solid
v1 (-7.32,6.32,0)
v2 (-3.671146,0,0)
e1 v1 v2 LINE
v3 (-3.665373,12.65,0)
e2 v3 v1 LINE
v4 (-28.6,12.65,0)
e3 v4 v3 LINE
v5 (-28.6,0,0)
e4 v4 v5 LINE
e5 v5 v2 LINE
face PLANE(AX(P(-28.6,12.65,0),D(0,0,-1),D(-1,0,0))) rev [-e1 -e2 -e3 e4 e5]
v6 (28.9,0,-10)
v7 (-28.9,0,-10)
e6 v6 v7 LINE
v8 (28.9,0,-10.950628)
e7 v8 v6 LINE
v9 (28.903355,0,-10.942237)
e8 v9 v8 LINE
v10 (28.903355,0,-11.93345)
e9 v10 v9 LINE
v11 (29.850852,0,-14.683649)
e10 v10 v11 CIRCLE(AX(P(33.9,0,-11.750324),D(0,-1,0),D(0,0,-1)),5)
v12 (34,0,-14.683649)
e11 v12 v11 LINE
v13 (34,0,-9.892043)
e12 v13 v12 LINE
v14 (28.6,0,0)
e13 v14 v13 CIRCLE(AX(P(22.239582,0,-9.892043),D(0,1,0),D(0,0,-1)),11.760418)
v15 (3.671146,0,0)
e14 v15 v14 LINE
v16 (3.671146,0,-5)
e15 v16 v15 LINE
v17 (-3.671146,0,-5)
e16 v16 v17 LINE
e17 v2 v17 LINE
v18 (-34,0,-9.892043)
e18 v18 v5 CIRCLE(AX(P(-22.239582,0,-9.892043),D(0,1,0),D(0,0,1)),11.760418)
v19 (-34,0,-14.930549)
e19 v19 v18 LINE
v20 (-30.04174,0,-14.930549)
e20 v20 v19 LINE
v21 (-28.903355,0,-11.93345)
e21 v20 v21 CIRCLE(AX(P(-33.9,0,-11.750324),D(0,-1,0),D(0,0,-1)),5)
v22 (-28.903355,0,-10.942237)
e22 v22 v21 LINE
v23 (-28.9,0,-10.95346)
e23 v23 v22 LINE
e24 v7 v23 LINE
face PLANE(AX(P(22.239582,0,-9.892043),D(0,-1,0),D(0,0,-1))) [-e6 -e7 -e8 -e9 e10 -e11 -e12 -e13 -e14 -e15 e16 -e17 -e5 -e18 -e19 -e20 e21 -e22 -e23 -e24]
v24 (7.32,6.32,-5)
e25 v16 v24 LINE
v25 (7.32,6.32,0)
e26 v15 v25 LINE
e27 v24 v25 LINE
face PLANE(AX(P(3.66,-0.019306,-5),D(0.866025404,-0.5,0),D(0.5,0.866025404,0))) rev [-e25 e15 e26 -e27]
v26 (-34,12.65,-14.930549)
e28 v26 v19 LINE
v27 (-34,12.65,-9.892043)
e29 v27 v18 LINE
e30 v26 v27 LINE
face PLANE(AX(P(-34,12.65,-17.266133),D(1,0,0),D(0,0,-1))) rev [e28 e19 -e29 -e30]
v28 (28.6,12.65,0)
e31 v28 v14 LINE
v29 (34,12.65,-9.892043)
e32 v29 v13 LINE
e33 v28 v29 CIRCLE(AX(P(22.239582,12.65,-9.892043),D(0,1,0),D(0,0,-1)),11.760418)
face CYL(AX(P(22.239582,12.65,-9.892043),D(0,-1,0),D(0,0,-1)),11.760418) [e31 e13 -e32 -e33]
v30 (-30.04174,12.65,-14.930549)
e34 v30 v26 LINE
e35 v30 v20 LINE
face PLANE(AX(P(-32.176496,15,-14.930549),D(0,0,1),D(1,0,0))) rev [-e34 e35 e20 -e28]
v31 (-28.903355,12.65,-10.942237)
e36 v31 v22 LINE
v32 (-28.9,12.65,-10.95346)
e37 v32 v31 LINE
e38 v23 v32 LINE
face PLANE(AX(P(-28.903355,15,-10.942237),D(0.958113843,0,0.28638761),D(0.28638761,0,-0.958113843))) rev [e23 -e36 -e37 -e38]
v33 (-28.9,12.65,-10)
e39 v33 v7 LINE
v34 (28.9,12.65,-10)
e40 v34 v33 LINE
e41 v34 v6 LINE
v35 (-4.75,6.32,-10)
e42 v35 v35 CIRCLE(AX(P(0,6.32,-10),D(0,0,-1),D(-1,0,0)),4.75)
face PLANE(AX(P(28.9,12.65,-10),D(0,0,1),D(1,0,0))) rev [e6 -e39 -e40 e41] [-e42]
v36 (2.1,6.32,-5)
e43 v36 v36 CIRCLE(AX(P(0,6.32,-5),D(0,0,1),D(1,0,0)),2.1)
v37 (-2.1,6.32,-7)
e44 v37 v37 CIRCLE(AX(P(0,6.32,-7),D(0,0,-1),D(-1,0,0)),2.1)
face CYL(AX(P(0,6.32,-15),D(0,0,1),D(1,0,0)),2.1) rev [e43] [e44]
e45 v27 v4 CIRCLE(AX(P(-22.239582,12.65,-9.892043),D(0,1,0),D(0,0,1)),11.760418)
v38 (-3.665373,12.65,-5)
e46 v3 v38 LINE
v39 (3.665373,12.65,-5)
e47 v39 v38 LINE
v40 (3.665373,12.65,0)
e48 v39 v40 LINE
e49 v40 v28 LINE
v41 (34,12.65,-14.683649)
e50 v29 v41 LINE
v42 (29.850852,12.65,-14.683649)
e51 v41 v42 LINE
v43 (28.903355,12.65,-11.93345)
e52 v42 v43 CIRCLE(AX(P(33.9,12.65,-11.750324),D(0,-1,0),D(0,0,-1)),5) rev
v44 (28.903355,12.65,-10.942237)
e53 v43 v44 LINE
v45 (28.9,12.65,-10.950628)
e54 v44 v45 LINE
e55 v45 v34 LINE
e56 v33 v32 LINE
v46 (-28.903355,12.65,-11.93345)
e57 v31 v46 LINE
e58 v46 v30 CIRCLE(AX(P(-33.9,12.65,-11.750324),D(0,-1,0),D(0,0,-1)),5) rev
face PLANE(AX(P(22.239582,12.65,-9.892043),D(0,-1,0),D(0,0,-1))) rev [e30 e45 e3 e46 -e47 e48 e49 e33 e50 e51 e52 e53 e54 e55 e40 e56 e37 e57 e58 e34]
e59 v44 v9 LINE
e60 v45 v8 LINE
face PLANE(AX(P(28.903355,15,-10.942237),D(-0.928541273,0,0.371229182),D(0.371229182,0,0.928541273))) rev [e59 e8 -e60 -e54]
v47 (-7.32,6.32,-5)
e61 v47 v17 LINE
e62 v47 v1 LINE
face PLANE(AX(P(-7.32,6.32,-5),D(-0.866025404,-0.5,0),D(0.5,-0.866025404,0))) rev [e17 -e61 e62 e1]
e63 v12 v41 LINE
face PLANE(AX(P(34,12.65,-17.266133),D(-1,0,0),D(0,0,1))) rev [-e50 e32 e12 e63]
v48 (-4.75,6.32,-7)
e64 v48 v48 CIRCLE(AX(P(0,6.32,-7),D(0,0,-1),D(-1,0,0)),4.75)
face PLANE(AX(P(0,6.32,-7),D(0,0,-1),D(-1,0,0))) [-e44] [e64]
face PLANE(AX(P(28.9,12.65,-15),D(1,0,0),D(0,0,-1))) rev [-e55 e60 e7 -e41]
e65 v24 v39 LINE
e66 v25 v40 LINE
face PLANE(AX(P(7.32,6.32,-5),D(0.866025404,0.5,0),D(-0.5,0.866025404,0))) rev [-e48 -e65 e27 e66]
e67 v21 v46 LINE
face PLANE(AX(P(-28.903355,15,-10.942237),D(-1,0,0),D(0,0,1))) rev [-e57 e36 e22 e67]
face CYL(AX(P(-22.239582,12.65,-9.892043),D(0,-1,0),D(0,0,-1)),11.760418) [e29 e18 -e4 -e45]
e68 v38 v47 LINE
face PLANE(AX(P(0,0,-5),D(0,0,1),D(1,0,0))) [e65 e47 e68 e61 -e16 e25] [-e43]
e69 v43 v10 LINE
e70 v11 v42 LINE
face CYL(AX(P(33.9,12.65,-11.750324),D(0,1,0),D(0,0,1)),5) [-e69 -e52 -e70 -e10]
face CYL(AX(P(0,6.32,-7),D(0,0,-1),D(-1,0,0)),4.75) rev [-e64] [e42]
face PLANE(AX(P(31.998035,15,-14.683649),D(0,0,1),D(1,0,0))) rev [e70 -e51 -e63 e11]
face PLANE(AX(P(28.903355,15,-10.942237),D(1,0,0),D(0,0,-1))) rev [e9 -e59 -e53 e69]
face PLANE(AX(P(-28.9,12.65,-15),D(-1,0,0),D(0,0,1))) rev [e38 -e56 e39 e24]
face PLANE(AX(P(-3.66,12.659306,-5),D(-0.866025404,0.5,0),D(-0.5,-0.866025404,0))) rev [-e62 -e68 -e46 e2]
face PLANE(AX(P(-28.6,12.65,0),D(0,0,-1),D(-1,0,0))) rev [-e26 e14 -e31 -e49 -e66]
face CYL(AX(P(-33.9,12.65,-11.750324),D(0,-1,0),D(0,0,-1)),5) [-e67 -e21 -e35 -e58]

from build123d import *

# Parameters (mm, degrees)
EXTRUDE_1_DEPTH     = 12.65
CUT_EXTRUDE_1_DEPTH = 5
SKETCH_3_R          = 4.75
CUT_EXTRUDE_2_DEPTH = 3
SKETCH_6_R          = 2.1
CUT_EXTRUDE_5_DEPTH = 10
FILLET_3_R          = 5
FILLET_4_R          = 5
FILLET_6_R          = 1
FILLET_7_R          = 1
CUT_EXTRUDE_6_DEPTH = 15


with BuildPart() as part:
    # 草图1 → 凸台-拉伸1 (new body)
    with BuildSketch(Plane(origin=(0, 0, 0), x_dir=(1, 0, 0), z_dir=(0, 1, 0))):
        with BuildLine():
            Line((-28.6, 0), (28.6, 0))
            ThreePointArc((28.6, 0), (32.562096374, 4.25705164), (34, 9.892043165))
            Line((34, 9.892043165), (34, 17.266133288))
            Line((34, 17.266133288), (28.9, 15))
            Line((28.9, 15), (28.9, 10))
            Line((28.9, 10), (-28.9, 10))
            Line((-28.9, 10), (-28.9, 15))
            Line((-28.9, 15), (-34, 17.266133288))
            Line((-34, 17.266133288), (-34, 9.892043165))
            ThreePointArc((-34, 9.892043165), (-32.562096374, 4.25705164), (-28.6, 0))
        make_face()
    extrude(amount=EXTRUDE_1_DEPTH)

    # 草图2 → 切除-拉伸1 (cut)
    with BuildSketch(Plane.XY):
        Polygon((-7.32, 6.32), (-3.66, -0.019305956), (3.66, -0.019305956), (7.32, 6.32), (3.66, 12.659305956), (-3.66, 12.659305956), align=None)
    extrude(amount=-CUT_EXTRUDE_1_DEPTH, mode=Mode.SUBTRACT)

    # 草图3 → 切除-拉伸2 (cut)
    with BuildSketch(Plane(origin=(0, 0, -10), x_dir=(-1, 0, 0), z_dir=(0, 0, -1))):
        with Locations((0, 6.32)):
            Circle(SKETCH_3_R)
    extrude(amount=-CUT_EXTRUDE_2_DEPTH, mode=Mode.SUBTRACT)

    # 草图6 → 切除-拉伸5 (cut)
    with BuildSketch(Plane.XY.offset(-5)):
        with Locations((0, 6.32)):
            Circle(SKETCH_6_R)
    extrude(amount=-CUT_EXTRUDE_5_DEPTH, mode=Mode.SUBTRACT)

    # 圆角3
    fillet_3_edges = [part.edges().sort_by_distance(p)[0] for p in [
        (-28.9, 6.325, -15),
    ]]
    fillet(fillet_3_edges, radius=FILLET_3_R)

    # 圆角4
    fillet_4_edges = [part.edges().sort_by_distance(p)[0] for p in [
        (28.9, 6.325, -15),
    ]]
    fillet(fillet_4_edges, radius=FILLET_4_R)

    # 圆角6
    fillet_6_edges = [part.edges().sort_by_distance(p)[0] for p in [
        (34, 6.325, -17.266133288),
    ]]
    fillet(fillet_6_edges, radius=FILLET_6_R)

    # 圆角7
    fillet_7_edges = [part.edges().sort_by_distance(p)[0] for p in [
        (-34, 6.325, -17.266133288),
    ]]
    fillet(fillet_7_edges, radius=FILLET_7_R)

    # 草图7 → 切除-拉伸6 (cut)
    with BuildSketch(Plane.XZ):
        Polygon((28.903354644, -10.942236709), (27.407544443, -14.683649227), (28.903354644, -17.343343862), (36.500549605, -19.187562633), (35.643870018, -14.683649227), (31.998035106, -14.683649227), (28.903354644, -14.683649227), align=None)
        Polygon((-28.903354644, -10.942236709), (-27.711217355, -14.930549055), (-28.903354644, -15.756236567), (-29.008862033, -15.781540844), (-34.951049449, -20.851021688), (-36.720724333, -14.930549055), (-32.176496035, -14.930549055), (-28.903354644, -14.930549055), align=None)
    extrude(amount=-CUT_EXTRUDE_6_DEPTH, mode=Mode.SUBTRACT)


solid = part.part
